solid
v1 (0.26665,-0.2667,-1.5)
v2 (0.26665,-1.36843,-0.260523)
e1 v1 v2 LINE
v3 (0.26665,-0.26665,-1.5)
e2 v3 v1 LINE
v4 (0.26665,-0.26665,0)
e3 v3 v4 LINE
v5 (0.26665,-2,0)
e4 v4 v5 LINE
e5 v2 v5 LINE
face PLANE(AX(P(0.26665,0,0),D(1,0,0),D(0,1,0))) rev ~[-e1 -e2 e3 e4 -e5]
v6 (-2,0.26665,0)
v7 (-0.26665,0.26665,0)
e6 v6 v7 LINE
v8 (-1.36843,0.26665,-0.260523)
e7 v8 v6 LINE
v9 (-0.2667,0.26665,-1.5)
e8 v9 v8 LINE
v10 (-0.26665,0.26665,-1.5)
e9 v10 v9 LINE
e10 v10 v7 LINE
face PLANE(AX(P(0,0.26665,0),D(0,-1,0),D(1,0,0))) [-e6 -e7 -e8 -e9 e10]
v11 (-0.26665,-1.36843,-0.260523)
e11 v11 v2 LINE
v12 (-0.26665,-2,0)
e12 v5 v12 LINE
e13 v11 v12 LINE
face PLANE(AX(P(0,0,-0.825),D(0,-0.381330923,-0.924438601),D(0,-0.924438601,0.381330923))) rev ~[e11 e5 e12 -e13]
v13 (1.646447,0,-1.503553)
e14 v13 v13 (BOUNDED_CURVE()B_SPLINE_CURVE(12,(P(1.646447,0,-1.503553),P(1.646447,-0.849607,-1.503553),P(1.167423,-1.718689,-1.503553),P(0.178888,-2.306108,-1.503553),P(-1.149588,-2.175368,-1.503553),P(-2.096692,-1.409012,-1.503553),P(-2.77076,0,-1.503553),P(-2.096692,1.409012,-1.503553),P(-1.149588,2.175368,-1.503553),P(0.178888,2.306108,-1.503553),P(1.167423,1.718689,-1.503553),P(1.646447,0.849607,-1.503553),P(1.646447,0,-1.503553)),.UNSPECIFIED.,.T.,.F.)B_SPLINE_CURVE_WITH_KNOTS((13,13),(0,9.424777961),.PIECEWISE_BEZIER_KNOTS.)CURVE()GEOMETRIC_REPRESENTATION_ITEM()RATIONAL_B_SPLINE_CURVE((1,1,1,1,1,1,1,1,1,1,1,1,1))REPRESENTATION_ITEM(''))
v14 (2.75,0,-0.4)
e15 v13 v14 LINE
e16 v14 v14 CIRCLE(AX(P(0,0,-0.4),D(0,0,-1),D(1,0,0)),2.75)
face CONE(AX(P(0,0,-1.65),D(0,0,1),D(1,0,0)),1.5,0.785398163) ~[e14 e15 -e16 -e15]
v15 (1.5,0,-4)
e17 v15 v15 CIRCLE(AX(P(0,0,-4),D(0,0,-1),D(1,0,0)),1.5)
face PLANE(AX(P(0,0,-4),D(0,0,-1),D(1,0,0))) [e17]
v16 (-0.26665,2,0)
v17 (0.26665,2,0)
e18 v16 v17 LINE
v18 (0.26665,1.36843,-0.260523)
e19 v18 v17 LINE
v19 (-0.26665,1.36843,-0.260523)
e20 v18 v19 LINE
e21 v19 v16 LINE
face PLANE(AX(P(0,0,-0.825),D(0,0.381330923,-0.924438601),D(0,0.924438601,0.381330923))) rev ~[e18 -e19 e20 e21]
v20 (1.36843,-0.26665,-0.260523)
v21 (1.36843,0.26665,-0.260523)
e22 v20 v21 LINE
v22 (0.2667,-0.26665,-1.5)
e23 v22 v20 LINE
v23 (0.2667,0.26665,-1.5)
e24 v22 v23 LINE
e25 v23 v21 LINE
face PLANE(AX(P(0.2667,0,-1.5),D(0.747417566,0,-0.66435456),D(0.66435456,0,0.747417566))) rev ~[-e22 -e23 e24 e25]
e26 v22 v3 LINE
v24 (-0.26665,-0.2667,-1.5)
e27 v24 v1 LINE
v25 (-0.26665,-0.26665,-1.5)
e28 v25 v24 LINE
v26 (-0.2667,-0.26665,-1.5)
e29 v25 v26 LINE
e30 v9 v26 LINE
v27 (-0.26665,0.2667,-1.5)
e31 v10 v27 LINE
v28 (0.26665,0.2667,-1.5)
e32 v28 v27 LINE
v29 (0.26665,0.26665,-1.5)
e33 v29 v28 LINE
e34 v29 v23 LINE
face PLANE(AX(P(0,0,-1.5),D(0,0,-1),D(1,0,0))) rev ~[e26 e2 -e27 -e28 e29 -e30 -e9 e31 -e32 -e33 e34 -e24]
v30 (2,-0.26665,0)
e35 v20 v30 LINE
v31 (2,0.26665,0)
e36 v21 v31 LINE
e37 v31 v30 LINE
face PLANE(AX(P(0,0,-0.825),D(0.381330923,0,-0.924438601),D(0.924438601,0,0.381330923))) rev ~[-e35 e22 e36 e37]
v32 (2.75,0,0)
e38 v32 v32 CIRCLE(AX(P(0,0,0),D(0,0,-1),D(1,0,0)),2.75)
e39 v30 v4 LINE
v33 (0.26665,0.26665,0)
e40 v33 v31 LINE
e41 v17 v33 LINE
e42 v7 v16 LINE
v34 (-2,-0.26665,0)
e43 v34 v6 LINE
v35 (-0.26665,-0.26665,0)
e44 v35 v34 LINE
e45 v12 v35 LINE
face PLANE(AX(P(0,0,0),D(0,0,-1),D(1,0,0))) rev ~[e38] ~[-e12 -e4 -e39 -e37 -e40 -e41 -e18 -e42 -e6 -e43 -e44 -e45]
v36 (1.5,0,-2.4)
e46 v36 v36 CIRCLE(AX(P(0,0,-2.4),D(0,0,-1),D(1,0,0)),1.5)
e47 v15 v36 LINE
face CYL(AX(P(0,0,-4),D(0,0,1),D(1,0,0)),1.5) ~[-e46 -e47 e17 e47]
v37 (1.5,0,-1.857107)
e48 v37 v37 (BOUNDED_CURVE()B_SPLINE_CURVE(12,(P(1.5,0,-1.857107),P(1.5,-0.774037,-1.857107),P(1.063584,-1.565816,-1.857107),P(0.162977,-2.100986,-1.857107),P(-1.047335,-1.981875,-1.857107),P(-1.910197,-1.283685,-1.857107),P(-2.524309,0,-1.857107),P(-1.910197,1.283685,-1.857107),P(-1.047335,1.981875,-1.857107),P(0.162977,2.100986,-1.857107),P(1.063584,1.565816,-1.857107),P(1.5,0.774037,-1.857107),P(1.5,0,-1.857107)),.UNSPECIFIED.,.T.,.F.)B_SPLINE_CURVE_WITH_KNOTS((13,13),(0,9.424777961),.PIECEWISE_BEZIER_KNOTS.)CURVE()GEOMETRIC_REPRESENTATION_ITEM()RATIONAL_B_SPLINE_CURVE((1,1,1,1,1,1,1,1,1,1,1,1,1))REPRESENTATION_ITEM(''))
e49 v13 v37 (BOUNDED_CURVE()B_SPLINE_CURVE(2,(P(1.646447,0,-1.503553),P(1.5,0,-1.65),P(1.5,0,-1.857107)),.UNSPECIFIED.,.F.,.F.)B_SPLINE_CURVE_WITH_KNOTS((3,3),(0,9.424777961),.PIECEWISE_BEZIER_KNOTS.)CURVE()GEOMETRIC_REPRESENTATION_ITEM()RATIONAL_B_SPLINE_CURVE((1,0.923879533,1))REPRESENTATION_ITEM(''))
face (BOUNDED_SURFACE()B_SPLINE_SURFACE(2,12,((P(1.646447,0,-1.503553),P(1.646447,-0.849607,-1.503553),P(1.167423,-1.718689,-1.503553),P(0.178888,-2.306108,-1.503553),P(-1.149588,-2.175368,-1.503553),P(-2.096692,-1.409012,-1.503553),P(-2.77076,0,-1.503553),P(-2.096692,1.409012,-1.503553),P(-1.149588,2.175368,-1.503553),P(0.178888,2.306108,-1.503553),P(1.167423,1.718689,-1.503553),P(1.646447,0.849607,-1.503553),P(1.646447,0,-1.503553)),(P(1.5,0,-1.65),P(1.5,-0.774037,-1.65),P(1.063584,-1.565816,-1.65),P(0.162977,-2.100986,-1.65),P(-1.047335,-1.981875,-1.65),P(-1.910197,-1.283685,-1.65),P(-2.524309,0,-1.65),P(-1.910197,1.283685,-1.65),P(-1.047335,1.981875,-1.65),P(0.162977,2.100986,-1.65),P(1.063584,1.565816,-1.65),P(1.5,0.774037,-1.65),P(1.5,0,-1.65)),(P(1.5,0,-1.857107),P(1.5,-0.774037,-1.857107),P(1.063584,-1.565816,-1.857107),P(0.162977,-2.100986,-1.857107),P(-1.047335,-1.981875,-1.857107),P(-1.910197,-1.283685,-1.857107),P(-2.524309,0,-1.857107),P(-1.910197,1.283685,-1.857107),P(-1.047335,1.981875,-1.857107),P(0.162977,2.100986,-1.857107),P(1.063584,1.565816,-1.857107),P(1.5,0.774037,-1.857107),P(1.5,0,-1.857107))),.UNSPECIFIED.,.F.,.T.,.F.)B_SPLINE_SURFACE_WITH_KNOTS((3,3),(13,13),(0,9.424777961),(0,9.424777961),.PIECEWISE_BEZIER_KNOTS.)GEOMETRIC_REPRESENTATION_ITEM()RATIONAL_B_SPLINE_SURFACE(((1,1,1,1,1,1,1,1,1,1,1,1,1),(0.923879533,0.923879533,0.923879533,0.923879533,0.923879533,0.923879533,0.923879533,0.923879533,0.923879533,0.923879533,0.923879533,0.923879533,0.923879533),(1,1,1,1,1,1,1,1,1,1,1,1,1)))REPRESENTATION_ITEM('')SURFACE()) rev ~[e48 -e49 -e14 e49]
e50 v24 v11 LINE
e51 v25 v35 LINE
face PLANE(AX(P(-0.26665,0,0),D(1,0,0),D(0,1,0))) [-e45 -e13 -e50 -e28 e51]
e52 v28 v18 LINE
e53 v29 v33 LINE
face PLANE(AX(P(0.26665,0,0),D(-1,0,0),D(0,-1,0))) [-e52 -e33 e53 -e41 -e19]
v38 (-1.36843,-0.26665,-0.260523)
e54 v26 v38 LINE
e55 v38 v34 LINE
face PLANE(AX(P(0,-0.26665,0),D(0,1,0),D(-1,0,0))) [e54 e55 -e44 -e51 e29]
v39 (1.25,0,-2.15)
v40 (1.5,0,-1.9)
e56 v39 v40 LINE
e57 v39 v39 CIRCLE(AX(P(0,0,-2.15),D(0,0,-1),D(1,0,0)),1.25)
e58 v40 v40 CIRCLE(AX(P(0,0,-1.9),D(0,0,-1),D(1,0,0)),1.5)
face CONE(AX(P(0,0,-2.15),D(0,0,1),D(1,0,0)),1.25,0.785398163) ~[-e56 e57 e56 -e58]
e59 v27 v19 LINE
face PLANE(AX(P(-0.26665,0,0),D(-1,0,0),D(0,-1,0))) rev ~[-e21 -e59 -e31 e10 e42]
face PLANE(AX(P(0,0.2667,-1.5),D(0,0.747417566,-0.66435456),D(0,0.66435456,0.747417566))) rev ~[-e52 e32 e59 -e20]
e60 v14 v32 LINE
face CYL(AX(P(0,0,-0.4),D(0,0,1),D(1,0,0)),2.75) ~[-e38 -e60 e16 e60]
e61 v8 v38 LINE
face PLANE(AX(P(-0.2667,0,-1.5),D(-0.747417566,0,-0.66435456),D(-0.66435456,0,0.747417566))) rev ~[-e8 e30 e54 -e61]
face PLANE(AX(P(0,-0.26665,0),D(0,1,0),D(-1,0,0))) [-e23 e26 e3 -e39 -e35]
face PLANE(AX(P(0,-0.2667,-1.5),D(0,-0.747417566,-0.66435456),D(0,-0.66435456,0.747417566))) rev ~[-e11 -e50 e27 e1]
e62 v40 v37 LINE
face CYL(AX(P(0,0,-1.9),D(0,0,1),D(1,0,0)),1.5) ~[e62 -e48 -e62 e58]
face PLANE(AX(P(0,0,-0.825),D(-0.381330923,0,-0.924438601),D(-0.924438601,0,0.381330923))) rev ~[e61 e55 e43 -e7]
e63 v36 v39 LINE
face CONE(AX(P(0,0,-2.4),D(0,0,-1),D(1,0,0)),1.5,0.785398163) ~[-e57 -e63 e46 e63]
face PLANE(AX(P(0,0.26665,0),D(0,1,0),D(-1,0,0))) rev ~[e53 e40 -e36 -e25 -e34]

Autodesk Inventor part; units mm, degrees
ref_plane "YZ Plane" through (0, 0, 0) normal (1, 0, 0) x (0, 1, 0)
sketch "Esquisse1" plane through (0, 0, 0) normal (0, 1, 0) x (-1, 0, 0)
  point P0 (0, 0)
sketch "Esquisse2" plane through (0, 0, 0) normal (0, 0, 1) x (1, 0, 0)
  point P0 (0, 0)
sketch "Esquisse3" plane through (0, 0, 0) normal (0, 0, 1) x (1, 0, 0)
  point P0 (0, 0)
sketch "Esquisse4" plane through (0, 0, 0) normal (0, 1, 0) x (-1, 0, 0)
  line L0 (-2.75, 0) -> (0, 0)
  line L1 (-2.75, -0.4) -> (-2.75, 0)
  line L2 (-1.5, -1.65) -> (-2.75, -0.4)
  line L3 (-1.5, -1.9) -> (-1.5, -1.65)
  line L4 (-1.25, -2.15) -> (-1.5, -1.9)
  line L5 (-1.5, -2.4) -> (-1.25, -2.15)
  line L6 (-1.5, -4) -> (-1.5, -2.4)
  line L7 (0, 0) -> (0, -4)
  line L8 (0, 3.3392) -> (0, -10.7) construction
  line L9 (0, 3.3392) -> (0, -10.7)
  line L10 (0, -13.5078) -> (0, 6.1471) projected
  line L11 (-1.5, -4) -> (0, -4)
  line L12 (0.55, 0) -> (-3.3, 0) projected
  dimension "d3" = 2.75
  dimension "d5" = 0.25
  dimension "d7" = 0.25
  dimension "d9" = 0.25
  dimension "d11" = 1.65
  dimension "d13" = 135
  dimension "d17" = 1.25
  dimension "d19" = 0
  dimension "d51" = 1.5
  dimension "d52" = 4
revolve "Révolution1" add sketch "Esquisse4" angle 360 about axis through (0, 0, 3.3392) along (0, 0, -1)
sketch "Esquisse5" plane through (0, 0, 0) normal (0, 1, 0) x (-1, 0, 0)
  line L0 (-1.6, 0) -> (0, 0)
  line L1 (-0.2667, -1.5) -> (-1.6, 0)
  line L2 (0, -1.5) -> (-0.2667, -1.5)
  line L3 (0, 0) -> (0, -1.5)
  line L4 (-1.5, -1.65) -> (1.5, -1.65) construction
  line L5 (-2.75, 0) -> (2.75, 0) projected
  line L6 (0, -1.98) -> (0, 0.33) projected
  dimension "d22" = 1.6
  dimension "d24" = 0.2667
  dimension "d26" = 1.5
extrude "Extrusion1" cut sketch "Esquisse5" along normal mid plane 0.5333
pattern_circular "RéseauPolaire1" count 4 over 360 about axis through (0, 0, 0) along (0, 0, 1) of "Extrusion1"
sketch "Esquisse7" plane through (0, 0, 0) normal (0, 1, 0) x (-1, 0, 0)
  line L0 (0, -0.825) -> (-2, 0)
  line L1 (0, 0) -> (0, -0.825)
  line L2 (-2, 0) -> (0, 0)
  line L3 (-1.5, -1.65) -> (1.5, -1.65) construction
  line L4 (0, -1.98) -> (0, 0.33) projected
  line L5 (-2.75, 0) -> (2.75, 0) projected
  dimension "d33" = 2
  dimension "d35" = 0.825
extrude "Extrusion2" cut sketch "Esquisse7" along normal mid plane 0.5333
pattern_circular "RéseauPolaire2" count 4 over 360 about axis through (0, 0, 0) along (0, 0, 1) of "Extrusion2"
fillet "Congé1" radius 0.5 1 edges at (-1.5, 0, -1.65)
thread "Filetage1" size "M3x0.5" class "6g" standard "ISO Metric profile" full length
ref_plane "MSC_PF1" through (0, 0, 0) normal (1, 0, 0) x (0, 1, 0)
ref_plane "MSC_PT1" through (0, 0, 0) normal (0, 0, -1) x (-1, 0, 0)
equation "\"d3\" = 0.5 * Dh"
equation "\"d5\" = msp_x"
equation "\"d7\" = ParA"
equation "\"d9\" = msp_x"
equation "\"d11\" = ParK"
equation "\"d17\" = 0.5 * msp_mdtds"
equation "\"d51\" = 0.5 * NND"
equation "\"d52\" = NLG"
equation "\"d22\" = 0.5 * M"
equation "\"d24\" = 0.0833333 * M"
equation "\"d26\" = 0.909091 * ParK"
equation "\"d27\" = 0.166667 * M"
equation "\"d33\" = 0.625 * M"
equation "\"d35\" = 0.5 * ParK"
equation "\"d36\" = 0.166667 * M"
equation "\"d41\" = 2 * msp_x"
equation "\"PTC\" = 0.5"
equation "\"NLG\" = 4"
equation "\"ParK\" = 1.65"
equation "\"NND\" = 3"
equation "\"M\" = 3.2"
equation "\"msp_mdtds\" = NND - PTC"
equation "\"Dh\" = 5.5"
equation "\"msp_x\" = 0.5 * PTC"
equation "\"ParA\" = 0.5 * PTC"
equation "\"r\" = 0.8"
equation "\"THREADDIA\" = NND"
equation "\"TEMPLATE\" = 1.2345"
properties part number "NF EN ISO 7046-2 H - M3x4 - 8.8 - H1" material "Acier inoxydable 440C"
